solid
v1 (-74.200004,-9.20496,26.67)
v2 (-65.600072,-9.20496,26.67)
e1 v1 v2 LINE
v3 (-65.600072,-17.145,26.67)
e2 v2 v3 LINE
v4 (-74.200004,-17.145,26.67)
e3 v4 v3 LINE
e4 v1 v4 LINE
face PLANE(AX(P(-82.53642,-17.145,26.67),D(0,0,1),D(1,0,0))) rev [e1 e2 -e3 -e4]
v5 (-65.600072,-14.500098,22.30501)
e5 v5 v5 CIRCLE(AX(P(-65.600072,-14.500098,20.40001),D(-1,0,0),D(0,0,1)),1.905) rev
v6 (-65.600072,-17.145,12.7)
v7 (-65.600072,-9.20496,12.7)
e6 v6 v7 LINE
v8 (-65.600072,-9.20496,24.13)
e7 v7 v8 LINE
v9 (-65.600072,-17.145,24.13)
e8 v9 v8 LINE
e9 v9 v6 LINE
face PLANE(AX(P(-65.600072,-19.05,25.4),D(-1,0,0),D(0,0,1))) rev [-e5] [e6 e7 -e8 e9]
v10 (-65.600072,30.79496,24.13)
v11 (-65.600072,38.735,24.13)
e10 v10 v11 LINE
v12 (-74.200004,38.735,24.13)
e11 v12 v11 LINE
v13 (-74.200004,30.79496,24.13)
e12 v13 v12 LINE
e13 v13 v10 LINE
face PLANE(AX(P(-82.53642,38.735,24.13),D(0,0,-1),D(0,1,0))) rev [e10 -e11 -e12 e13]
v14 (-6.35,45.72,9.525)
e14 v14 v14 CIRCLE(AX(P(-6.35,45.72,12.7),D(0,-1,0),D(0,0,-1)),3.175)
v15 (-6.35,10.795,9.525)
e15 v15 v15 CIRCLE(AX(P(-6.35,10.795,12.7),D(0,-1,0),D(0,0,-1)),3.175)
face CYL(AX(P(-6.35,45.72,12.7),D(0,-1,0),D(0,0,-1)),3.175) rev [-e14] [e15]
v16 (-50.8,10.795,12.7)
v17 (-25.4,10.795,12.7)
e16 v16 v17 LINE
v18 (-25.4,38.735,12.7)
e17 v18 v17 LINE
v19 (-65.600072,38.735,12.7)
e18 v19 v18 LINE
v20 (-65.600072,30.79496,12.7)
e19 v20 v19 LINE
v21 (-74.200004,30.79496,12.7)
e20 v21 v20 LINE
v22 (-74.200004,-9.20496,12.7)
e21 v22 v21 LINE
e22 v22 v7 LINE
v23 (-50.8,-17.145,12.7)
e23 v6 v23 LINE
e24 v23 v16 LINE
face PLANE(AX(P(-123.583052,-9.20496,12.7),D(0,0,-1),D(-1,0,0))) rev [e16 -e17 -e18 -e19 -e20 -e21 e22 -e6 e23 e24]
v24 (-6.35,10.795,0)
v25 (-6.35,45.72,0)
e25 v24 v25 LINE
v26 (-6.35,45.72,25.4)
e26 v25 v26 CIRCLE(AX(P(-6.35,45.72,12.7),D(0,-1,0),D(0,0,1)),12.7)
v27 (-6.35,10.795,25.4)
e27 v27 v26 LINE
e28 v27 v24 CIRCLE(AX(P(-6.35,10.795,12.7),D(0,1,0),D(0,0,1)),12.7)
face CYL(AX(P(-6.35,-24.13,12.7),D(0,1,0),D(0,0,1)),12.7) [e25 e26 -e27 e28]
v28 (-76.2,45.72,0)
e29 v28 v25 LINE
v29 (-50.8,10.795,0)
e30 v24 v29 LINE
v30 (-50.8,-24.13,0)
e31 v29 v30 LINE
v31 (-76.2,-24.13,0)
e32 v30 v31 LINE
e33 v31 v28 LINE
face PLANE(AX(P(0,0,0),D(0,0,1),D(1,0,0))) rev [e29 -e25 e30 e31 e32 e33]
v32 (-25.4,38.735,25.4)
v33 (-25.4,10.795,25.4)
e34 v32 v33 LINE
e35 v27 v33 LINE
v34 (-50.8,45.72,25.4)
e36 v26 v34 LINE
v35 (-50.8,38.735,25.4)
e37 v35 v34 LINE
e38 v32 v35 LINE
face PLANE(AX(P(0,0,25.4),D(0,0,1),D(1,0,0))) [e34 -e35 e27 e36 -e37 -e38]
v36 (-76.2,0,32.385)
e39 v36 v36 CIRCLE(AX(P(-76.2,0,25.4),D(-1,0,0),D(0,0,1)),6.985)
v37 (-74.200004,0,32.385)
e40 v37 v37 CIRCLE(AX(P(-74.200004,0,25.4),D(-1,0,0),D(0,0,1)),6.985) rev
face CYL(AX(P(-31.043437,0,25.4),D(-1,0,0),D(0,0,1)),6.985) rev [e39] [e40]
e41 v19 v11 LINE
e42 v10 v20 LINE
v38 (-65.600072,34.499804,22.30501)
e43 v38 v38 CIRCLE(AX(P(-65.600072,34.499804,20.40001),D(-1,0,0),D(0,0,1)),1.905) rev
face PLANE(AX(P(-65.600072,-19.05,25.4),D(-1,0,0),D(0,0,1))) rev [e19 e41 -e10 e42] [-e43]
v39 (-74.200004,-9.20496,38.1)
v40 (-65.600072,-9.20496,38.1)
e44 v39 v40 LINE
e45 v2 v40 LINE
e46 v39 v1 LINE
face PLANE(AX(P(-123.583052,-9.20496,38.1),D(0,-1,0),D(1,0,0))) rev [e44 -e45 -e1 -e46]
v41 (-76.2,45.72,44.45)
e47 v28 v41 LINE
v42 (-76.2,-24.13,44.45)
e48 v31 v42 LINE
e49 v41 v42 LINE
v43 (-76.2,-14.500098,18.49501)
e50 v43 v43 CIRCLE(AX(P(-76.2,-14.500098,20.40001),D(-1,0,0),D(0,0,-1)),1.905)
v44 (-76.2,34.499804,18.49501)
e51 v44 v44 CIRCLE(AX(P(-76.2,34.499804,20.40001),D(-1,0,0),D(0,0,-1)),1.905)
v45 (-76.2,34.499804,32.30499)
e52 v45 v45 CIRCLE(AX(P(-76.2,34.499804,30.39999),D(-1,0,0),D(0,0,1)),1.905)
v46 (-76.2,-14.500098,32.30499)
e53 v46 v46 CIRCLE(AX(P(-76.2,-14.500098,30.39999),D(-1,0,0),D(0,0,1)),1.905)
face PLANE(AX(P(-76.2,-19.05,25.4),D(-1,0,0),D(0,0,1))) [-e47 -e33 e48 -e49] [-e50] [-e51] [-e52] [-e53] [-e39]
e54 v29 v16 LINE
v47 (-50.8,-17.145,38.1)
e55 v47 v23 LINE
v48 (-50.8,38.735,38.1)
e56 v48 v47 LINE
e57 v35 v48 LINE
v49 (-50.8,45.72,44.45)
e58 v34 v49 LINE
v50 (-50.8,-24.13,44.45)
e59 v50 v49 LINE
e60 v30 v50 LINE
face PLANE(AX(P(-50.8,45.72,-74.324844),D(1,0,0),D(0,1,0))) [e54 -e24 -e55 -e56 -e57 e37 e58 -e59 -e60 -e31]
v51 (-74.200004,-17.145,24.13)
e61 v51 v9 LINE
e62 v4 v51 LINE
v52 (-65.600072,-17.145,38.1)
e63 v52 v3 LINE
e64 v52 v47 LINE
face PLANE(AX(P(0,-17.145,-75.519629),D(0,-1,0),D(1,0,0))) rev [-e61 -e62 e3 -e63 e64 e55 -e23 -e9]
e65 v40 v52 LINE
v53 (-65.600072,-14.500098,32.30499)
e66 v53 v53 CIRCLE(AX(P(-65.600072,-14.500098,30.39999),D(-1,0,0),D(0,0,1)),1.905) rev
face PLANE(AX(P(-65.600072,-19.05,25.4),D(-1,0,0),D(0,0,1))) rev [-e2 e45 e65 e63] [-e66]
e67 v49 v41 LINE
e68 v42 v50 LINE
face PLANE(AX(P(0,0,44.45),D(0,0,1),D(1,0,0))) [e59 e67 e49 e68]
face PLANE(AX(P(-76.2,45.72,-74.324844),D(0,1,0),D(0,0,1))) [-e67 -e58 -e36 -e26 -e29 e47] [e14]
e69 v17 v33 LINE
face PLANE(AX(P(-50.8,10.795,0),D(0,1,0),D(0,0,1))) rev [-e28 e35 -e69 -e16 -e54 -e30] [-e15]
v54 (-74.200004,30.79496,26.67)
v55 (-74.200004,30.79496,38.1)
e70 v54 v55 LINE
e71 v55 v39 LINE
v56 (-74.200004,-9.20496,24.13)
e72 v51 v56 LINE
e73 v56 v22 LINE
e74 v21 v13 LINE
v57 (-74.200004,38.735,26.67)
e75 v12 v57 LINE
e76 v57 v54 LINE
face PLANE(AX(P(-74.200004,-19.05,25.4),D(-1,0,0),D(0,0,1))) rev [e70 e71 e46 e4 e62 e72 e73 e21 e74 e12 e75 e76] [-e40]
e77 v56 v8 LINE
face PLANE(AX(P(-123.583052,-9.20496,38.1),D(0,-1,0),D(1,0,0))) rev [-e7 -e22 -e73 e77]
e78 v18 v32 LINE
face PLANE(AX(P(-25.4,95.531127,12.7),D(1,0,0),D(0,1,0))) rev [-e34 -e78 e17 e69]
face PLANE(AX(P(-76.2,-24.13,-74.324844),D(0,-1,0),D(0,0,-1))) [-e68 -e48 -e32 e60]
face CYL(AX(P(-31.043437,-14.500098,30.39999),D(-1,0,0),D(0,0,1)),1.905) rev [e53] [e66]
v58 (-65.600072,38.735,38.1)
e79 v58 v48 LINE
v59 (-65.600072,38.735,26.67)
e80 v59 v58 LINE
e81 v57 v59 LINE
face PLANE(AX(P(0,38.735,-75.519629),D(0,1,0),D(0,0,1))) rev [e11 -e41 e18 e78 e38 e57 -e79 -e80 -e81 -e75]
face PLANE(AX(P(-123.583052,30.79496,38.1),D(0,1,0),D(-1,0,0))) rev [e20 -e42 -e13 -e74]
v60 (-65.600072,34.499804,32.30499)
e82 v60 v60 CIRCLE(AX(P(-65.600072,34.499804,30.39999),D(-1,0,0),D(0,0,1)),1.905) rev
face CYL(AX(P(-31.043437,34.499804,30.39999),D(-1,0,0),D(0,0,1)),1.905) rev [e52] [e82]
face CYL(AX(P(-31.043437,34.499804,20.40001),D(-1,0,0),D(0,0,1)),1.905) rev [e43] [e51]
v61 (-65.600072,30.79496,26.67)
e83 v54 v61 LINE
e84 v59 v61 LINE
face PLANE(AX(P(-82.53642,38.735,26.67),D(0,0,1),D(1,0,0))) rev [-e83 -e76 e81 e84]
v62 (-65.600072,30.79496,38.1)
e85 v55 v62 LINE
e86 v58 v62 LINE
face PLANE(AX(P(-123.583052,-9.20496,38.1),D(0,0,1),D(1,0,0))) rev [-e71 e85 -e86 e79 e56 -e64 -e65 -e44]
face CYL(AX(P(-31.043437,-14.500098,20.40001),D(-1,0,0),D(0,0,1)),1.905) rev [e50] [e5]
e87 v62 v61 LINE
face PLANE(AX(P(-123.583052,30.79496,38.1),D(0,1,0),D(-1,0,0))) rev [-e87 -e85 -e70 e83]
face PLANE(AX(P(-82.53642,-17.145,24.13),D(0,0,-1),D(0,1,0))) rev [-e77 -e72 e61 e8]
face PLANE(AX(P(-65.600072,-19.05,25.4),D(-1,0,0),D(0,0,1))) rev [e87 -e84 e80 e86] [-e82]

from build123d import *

# Parameters (mm, degrees)
SKETCH1_R                       = 19.05
SKETCH1_W                       = 152.4
SKETCH1_H                       = 38.1
BOSS_EXTRUDE1_DEPTH             = 25.4
SKETCH4_W                       = 25.4
SKETCH4_H                       = 69.85
BOSS_EXTRUDE3_DEPTH             = 19.05
BOSS_EXTRUDE3_DIRECTION_2_REACH = 102.402
SKETCH5_R                       = 6.985
SKETCH5_R_2                     = 1.905
CUT_EXTRUDE1_DEPTH              = 25.4
SKETCH13_W                      = 63.5
SKETCH13_H                      = 69.85
BOSS_EXTRUDE6_DEPTH             = 25.4
SKETCH7_W                       = 50.8
SKETCH7_H                       = 55.88
CUT_EXTRUDE2_DEPTH              = 25.4
SKETCH8_W                       = 25.4
SKETCH8_H                       = 39.99992
CUT_EXTRUDE3_DEPTH              = 23.400004
SKETCH9_W                       = 25.4
SKETCH9_H                       = 7.94004
CUT_EXTRUDE4_DEPTH              = 14.800072
SKETCH10_W                      = 2.54
SKETCH10_H                      = 7.94004
CUT_EXTRUDE5_DEPTH              = 8.599932
SKETCH11_R                      = 3.175
CUT_EXTRUDE6_DEPTH              = 109.664809851
BOSS_EXTRUDE7_DEPTH             = 55.88
CUT_EXTRUDE7_DEPTH              = 127.203753906
SKETCH16_W                      = 57.15
SKETCH16_H                      = 34.925
CUT_EXTRUDE8_DEPTH              = 93.422499425
SKETCH17_R                      = 3.175
CUT_EXTRUDE9_DEPTH              = 95.878860264


with BuildPart() as part:
    # Sketch1 → Boss-Extrude1 (new body)
    with BuildSketch(Plane.XY):
        with Locations((76.2, 0)):
            Circle(SKETCH1_R)
        Rectangle(SKETCH1_W, SKETCH1_H)
    extrude(amount=BOSS_EXTRUDE1_DEPTH)

    # Sketch4 → Boss-Extrude3 (add)
    with BuildSketch(Plane.XY.offset(25.4)):
        with Locations((-63.5, 10.795)):
            Rectangle(SKETCH4_W, SKETCH4_H)
    extrude(amount=BOSS_EXTRUDE3_DEPTH)

    # Boss-Extrude3 direction 2: up to this face of the body (flat: up to its plane)
    boss_extrude3_direction_2_end = Plane(part.part.faces().sort_by_distance((7.534927708, 0, 0))[0])
    # Sketch4 → Boss-Extrude3 direction 2 (add, up to the picked face)
    with BuildSketch(Plane.XY.offset(25.4), mode=Mode.PRIVATE) as boss_extrude3_direction_2_sk1:
        with Locations((-63.5, 10.795)):
            Rectangle(SKETCH4_W, SKETCH4_H)
    boss_extrude3_direction_2_tool1 = split(extrude(boss_extrude3_direction_2_sk1.sketch, amount=-BOSS_EXTRUDE3_DIRECTION_2_REACH, mode=Mode.PRIVATE), bisect_by=boss_extrude3_direction_2_end, keep=Keep.BOTH, mode=Mode.PRIVATE)
    add(boss_extrude3_direction_2_tool1.solids().sort_by(Axis((-63.5, 10.795, 25.4), (0, 0, -1)))[0])

    # Sketch5 → Cut-Extrude1 (cut)
    with BuildSketch(Plane.ZY.offset(76.2)):
        with Locations((25.4, 0)):
            Circle(SKETCH5_R)
        with Locations((30.39999, -14.500098)):
            Circle(SKETCH5_R_2)
        with Locations((30.39999, 34.499804)):
            Circle(SKETCH5_R_2)
        with Locations(Location((20.40001, 34.499804, 0), (0, 0, 90))):
            Circle(SKETCH5_R_2)
        with Locations(Location((20.40001, -14.500098, 0), (0, 0, 90))):
            Circle(SKETCH5_R_2)
    extrude(amount=-CUT_EXTRUDE1_DEPTH, mode=Mode.SUBTRACT)

    # Sketch13 → Boss-Extrude6 (add)
    with BuildSketch(Plane.XY.offset(25.4)):
        with Locations((-19.05, 10.795)):
            Rectangle(SKETCH13_W, SKETCH13_H)
    extrude(amount=-BOSS_EXTRUDE6_DEPTH)

    # Sketch7 → Cut-Extrude2 (cut)
    with BuildSketch(Plane.XY.offset(25.4)):
        with Locations((-25.4, 10.795)):
            Rectangle(SKETCH7_W, SKETCH7_H)
    extrude(amount=-CUT_EXTRUDE2_DEPTH, mode=Mode.SUBTRACT)

    # Sketch8 → Cut-Extrude3 (cut)
    with BuildSketch(Plane(origin=(-50.8, 0, 0), x_dir=(0, 0, -1), z_dir=(1, 0, 0))):
        with Locations((-25.4, 10.795)):
            Rectangle(SKETCH8_W, SKETCH8_H)
    extrude(amount=-CUT_EXTRUDE3_DEPTH, mode=Mode.SUBTRACT)

    # Sketch9 → Cut-Extrude4 (cut)
    with BuildSketch(Plane(origin=(-50.8, 0, 0), x_dir=(0, 0, -1), z_dir=(1, 0, 0))):
        with Locations((-25.4, 34.76498)):
            Rectangle(SKETCH9_W, SKETCH9_H)
        with Locations((-25.4, -13.17498)):
            Rectangle(SKETCH9_W, SKETCH9_H)
    extrude(amount=-CUT_EXTRUDE4_DEPTH, mode=Mode.SUBTRACT)

    # Sketch10 → Cut-Extrude5 (cut)
    with BuildSketch(Plane(origin=(-65.600072, 0, 0), x_dir=(0, 0, -1), z_dir=(1, 0, 0))):
        with Locations((-25.4, -13.17498)):
            Rectangle(SKETCH10_W, SKETCH10_H)
        with Locations((-25.4, 34.76498)):
            Rectangle(SKETCH10_W, SKETCH10_H)
    extrude(amount=-CUT_EXTRUDE5_DEPTH, mode=Mode.SUBTRACT)

    # Sketch11 → Cut-Extrude6 (cut, through all)
    with BuildSketch(Plane.XY.offset(25.4)):
        with Locations((76.2, 0)):
            Circle(SKETCH11_R)
    extrude(amount=-CUT_EXTRUDE6_DEPTH, mode=Mode.SUBTRACT)

    # Sketch14 → Boss-Extrude7 (add)
    with BuildSketch(Plane(origin=(0, -17.145, 0), x_dir=(1, 0, 0), z_dir=(0, 1, 0))):
        Polygon((-50.8, -12.7), (-25.4, -12.7), (-25.4, -25.4), (0, -25.4), (0, 0), (-50.8, 0), align=None)
    extrude(amount=BOSS_EXTRUDE7_DEPTH)

    # Sketch15 → Cut-Extrude7 (cut, through all)
    with BuildSketch(Plane(origin=(0, 45.72, 0), x_dir=(1, 0, 0), z_dir=(0, 1, 0))):
        with BuildLine():
            Line((-6.35, 0), (95.25, 0))
            Line((95.25, 0), (95.25, -25.4))
            Line((95.25, -25.4), (-6.35, -25.4))
            ThreePointArc((-6.35, -25.4), (6.35, -12.7), (-6.35, 0))
        make_face()
    extrude(amount=-CUT_EXTRUDE7_DEPTH, mode=Mode.SUBTRACT)

    # Sketch16 → Cut-Extrude8 (cut, through all)
    with BuildSketch(Plane.XY.offset(25.4)):
        with Locations((-22.225, -6.6675)):
            Rectangle(SKETCH16_W, SKETCH16_H)
    extrude(amount=-CUT_EXTRUDE8_DEPTH, mode=Mode.SUBTRACT)

    # Sketch17 → Cut-Extrude9 (cut, through all)
    with BuildSketch(Plane.XZ.offset(-10.795)):
        with Locations(Location((-6.35, 12.7, 0), (0, 0, 270))):
            Circle(SKETCH17_R)
    extrude(amount=-CUT_EXTRUDE9_DEPTH, mode=Mode.SUBTRACT)


solid = part.part
